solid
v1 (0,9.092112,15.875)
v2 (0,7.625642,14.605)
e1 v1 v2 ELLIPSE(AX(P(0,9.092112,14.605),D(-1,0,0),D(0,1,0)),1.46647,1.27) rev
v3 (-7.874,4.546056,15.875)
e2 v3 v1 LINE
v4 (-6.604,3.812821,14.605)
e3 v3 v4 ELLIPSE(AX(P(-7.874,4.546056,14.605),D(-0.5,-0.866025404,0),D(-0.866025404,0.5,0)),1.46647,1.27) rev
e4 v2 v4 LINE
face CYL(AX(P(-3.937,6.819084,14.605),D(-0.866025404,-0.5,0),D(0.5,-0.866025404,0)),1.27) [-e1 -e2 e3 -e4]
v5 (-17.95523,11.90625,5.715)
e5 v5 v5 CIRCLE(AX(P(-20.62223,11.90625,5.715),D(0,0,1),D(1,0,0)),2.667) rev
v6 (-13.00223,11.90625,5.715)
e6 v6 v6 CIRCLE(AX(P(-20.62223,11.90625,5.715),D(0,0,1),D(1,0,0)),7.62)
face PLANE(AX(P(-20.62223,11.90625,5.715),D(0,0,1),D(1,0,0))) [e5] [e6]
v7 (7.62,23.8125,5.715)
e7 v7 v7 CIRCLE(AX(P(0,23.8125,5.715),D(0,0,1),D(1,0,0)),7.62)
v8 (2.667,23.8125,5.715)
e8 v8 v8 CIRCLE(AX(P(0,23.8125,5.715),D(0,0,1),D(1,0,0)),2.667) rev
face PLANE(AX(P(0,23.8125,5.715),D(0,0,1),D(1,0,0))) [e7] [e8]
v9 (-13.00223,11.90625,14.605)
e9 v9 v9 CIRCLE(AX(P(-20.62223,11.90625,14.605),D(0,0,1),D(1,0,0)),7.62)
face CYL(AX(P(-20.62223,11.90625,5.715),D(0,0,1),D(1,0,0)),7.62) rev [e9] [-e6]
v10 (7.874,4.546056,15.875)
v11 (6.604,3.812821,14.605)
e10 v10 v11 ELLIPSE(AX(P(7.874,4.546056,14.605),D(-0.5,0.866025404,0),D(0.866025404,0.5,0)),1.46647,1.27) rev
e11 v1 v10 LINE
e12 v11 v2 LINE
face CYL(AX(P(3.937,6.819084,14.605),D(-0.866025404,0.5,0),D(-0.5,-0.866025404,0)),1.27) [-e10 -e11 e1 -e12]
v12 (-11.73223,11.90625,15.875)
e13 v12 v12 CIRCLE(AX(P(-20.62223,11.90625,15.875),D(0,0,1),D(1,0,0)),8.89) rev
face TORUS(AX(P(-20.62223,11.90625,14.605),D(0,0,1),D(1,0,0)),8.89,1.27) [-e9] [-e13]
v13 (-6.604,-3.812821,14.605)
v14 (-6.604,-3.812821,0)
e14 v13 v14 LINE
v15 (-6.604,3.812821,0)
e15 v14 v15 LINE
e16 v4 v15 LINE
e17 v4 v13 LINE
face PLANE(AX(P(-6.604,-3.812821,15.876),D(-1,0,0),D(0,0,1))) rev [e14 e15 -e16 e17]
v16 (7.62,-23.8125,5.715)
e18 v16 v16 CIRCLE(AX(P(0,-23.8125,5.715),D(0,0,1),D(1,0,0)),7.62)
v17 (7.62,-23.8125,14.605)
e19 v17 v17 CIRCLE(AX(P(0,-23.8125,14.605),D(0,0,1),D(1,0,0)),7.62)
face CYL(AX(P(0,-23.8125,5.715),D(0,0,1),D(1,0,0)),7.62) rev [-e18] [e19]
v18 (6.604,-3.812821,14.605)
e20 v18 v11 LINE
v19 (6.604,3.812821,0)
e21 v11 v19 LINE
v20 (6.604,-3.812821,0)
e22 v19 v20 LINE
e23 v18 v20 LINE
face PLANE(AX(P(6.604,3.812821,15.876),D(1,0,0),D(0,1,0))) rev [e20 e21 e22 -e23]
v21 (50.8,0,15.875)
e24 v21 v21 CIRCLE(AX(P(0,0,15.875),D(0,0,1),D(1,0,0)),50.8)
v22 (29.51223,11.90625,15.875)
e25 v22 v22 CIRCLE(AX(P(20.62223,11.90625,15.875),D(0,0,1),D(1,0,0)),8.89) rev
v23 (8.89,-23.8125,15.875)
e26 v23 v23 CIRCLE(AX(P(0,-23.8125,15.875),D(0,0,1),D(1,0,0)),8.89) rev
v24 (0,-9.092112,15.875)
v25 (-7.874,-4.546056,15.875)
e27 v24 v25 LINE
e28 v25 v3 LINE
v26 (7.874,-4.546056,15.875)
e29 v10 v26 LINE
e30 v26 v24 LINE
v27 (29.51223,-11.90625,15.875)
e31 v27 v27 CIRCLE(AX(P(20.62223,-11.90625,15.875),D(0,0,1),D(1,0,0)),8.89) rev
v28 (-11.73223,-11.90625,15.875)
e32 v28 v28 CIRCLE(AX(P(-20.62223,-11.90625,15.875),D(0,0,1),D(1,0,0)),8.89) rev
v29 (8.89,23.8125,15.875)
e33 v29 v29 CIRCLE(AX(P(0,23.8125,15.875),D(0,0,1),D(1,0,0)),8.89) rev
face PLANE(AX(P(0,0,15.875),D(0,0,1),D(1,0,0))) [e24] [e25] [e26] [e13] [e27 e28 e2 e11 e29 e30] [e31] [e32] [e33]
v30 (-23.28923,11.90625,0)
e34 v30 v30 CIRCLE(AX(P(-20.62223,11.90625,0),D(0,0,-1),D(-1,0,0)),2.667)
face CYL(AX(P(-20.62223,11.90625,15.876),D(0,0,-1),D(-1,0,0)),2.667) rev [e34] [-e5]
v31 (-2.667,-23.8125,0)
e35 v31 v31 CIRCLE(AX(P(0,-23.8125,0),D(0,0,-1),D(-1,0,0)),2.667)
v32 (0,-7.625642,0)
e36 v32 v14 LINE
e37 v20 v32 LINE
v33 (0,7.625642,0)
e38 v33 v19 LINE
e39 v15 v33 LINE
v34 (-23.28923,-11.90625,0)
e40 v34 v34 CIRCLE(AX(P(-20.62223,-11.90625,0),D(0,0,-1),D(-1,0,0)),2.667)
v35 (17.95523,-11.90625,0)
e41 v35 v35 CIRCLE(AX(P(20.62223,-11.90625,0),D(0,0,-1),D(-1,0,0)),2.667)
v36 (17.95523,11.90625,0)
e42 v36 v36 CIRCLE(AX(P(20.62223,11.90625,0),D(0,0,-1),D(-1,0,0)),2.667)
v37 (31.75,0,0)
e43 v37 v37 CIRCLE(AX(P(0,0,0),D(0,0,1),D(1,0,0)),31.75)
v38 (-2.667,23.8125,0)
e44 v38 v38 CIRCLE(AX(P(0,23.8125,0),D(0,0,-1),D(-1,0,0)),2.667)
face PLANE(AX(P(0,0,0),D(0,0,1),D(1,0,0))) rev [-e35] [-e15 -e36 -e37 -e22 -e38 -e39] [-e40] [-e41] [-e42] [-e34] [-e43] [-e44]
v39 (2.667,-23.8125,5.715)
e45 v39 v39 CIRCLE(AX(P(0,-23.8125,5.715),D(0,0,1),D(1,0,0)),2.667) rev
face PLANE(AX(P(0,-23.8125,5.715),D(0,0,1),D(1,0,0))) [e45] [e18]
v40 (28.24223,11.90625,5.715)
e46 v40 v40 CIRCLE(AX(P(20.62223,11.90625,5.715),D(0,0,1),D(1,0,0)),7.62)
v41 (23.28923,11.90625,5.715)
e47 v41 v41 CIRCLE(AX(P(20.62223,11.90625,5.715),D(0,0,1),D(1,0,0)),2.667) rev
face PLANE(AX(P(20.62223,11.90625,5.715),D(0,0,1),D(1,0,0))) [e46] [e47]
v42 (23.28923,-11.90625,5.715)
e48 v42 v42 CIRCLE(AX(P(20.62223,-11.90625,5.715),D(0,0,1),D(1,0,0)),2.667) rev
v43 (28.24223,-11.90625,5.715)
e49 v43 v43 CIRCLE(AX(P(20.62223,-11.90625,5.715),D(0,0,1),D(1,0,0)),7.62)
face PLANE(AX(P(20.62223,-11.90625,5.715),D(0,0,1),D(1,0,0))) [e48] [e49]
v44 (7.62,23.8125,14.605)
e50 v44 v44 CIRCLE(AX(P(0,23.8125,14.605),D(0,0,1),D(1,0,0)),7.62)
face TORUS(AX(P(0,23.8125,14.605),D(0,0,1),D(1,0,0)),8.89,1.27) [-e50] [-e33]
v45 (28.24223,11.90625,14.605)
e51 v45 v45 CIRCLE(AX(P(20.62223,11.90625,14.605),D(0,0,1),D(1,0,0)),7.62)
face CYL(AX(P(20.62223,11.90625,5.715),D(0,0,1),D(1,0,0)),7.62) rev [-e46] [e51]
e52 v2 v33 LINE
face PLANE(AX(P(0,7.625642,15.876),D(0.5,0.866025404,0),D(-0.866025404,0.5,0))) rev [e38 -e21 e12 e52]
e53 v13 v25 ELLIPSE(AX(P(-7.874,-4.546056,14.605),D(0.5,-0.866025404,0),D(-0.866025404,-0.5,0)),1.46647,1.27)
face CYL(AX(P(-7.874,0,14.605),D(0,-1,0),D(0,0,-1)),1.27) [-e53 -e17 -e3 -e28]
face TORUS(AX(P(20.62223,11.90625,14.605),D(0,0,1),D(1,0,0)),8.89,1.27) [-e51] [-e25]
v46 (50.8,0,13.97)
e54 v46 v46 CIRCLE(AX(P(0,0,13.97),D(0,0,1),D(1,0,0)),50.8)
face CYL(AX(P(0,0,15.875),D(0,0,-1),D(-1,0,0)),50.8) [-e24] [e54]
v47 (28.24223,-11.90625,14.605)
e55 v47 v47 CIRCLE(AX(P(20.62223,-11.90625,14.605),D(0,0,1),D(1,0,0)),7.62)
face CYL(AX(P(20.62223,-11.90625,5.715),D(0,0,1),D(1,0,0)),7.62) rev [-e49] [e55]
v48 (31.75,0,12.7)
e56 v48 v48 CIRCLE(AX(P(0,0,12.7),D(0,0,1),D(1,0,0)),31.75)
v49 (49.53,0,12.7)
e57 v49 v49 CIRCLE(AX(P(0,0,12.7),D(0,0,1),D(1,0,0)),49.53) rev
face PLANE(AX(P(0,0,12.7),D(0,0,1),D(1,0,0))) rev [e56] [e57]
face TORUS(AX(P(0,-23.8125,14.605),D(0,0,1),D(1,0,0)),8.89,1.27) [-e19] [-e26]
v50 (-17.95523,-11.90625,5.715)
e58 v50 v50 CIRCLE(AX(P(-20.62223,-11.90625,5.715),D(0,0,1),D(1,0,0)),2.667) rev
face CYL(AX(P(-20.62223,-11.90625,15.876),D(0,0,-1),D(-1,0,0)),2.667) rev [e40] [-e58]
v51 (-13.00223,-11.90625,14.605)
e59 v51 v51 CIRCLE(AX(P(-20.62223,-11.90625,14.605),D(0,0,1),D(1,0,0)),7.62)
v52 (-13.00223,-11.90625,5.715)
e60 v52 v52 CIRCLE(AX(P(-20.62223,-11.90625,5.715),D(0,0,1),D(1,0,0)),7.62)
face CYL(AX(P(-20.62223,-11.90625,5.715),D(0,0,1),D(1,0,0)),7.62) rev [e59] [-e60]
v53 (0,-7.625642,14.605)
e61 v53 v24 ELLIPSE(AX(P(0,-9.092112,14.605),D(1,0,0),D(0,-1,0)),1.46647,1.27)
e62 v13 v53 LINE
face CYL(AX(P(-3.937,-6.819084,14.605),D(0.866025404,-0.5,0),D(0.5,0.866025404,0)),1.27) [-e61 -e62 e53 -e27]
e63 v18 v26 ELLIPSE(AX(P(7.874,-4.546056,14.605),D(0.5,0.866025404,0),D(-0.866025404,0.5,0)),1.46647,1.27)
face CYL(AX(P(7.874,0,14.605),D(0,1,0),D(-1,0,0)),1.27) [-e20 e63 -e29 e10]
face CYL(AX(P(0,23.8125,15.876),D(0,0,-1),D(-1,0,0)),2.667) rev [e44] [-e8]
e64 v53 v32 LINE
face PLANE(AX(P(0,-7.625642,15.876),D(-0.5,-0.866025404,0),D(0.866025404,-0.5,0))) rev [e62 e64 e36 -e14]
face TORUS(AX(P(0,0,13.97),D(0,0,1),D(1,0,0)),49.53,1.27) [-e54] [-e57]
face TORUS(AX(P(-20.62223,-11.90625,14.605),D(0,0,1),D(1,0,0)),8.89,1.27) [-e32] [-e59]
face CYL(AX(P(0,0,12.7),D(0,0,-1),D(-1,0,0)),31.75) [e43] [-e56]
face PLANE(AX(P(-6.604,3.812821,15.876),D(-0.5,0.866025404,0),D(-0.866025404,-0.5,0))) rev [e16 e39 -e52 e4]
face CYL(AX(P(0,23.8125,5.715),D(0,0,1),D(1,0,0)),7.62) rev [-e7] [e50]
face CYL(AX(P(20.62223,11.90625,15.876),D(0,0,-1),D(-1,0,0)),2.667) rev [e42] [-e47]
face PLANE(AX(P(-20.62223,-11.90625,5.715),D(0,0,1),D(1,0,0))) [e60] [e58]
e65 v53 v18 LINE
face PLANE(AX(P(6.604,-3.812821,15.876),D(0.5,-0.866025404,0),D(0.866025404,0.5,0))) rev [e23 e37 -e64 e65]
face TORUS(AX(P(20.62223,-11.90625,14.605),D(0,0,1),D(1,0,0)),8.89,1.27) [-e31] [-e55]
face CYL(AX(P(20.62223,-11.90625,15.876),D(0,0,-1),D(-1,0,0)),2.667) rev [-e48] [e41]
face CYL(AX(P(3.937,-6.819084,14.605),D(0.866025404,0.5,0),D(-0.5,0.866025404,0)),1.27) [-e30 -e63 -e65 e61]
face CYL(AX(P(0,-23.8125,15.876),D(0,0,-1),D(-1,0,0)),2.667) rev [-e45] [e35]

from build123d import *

# Parameters (mm, degrees)
SKETCH1_R           = 31.75
BOSS_EXTRUDE1_DEPTH = 12.7
SKETCH2_R           = 50.8
BOSS_EXTRUDE2_DEPTH = 3.175
CUT_EXTRUDE_R_REACH = 17.875
SKETCH3_R           = 2.667
SKETCH4_R           = 7.62
CUT_EXTRUDE2_DEPTH  = 10.16
FILLET1_R           = 1.27


with BuildPart() as part:
    # Sketch1 → Boss-Extrude1 (new body)
    with BuildSketch(Plane.XY):
        Circle(SKETCH1_R)
    extrude(amount=BOSS_EXTRUDE1_DEPTH)

    # Sketch2 → Boss-Extrude2 (add)
    with BuildSketch(Plane.XY.offset(12.7)):
        Circle(SKETCH2_R)
    extrude(amount=BOSS_EXTRUDE2_DEPTH)

    # Sketch3 → Cut-Extrude r (cut, up to next)
    with BuildSketch(Plane(origin=(0, 0, 0), x_dir=(-1, 0, 0), z_dir=(0, 0, -1)), mode=Mode.PRIVATE) as cut_extrude_r_sk1:
        with Locations((0, 23.8125)):
            Circle(SKETCH3_R)
    cut_extrude_r_tool1 = extrude(cut_extrude_r_sk1.sketch, amount=-CUT_EXTRUDE_R_REACH, mode=Mode.PRIVATE) & part.part
    add(cut_extrude_r_tool1.solids().sort_by_distance((0, 23.8125, 0))[0], mode=Mode.SUBTRACT)
    # Sketch3 → Cut-Extrude r (cut, up to next)
    with BuildSketch(Plane(origin=(0, 0, 0), x_dir=(-1, 0, 0), z_dir=(0, 0, -1)), mode=Mode.PRIVATE) as cut_extrude_r_sk2:
        with Locations((20.622229928, 11.90625)):
            Circle(SKETCH3_R)
    cut_extrude_r_tool2 = extrude(cut_extrude_r_sk2.sketch, amount=-CUT_EXTRUDE_R_REACH, mode=Mode.PRIVATE) & part.part
    add(cut_extrude_r_tool2.solids().sort_by_distance((-20.62223, 11.90625, 0))[0], mode=Mode.SUBTRACT)
    # Sketch3 → Cut-Extrude r (cut, up to next)
    with BuildSketch(Plane(origin=(0, 0, 0), x_dir=(-1, 0, 0), z_dir=(0, 0, -1)), mode=Mode.PRIVATE) as cut_extrude_r_sk3:
        with Locations((20.622229928, -11.90625)):
            Circle(SKETCH3_R)
    cut_extrude_r_tool3 = extrude(cut_extrude_r_sk3.sketch, amount=-CUT_EXTRUDE_R_REACH, mode=Mode.PRIVATE) & part.part
    add(cut_extrude_r_tool3.solids().sort_by_distance((-20.62223, -11.90625, 0))[0], mode=Mode.SUBTRACT)
    # Sketch3 → Cut-Extrude r (cut, up to next)
    with BuildSketch(Plane(origin=(0, 0, 0), x_dir=(-1, 0, 0), z_dir=(0, 0, -1)), mode=Mode.PRIVATE) as cut_extrude_r_sk4:
        with Locations((0, -23.8125)):
            Circle(SKETCH3_R)
    cut_extrude_r_tool4 = extrude(cut_extrude_r_sk4.sketch, amount=-CUT_EXTRUDE_R_REACH, mode=Mode.PRIVATE) & part.part
    add(cut_extrude_r_tool4.solids().sort_by_distance((0, -23.8125, 0))[0], mode=Mode.SUBTRACT)
    # Sketch3 → Cut-Extrude r (cut, up to next)
    with BuildSketch(Plane(origin=(0, 0, 0), x_dir=(-1, 0, 0), z_dir=(0, 0, -1)), mode=Mode.PRIVATE) as cut_extrude_r_sk5:
        with Locations((-20.622229928, -11.90625)):
            Circle(SKETCH3_R)
    cut_extrude_r_tool5 = extrude(cut_extrude_r_sk5.sketch, amount=-CUT_EXTRUDE_R_REACH, mode=Mode.PRIVATE) & part.part
    add(cut_extrude_r_tool5.solids().sort_by_distance((20.62223, -11.90625, 0))[0], mode=Mode.SUBTRACT)
    # Sketch3 → Cut-Extrude r (cut, up to next)
    with BuildSketch(Plane(origin=(0, 0, 0), x_dir=(-1, 0, 0), z_dir=(0, 0, -1)), mode=Mode.PRIVATE) as cut_extrude_r_sk6:
        with Locations((-20.622229928, 11.90625)):
            Circle(SKETCH3_R)
    cut_extrude_r_tool6 = extrude(cut_extrude_r_sk6.sketch, amount=-CUT_EXTRUDE_R_REACH, mode=Mode.PRIVATE) & part.part
    add(cut_extrude_r_tool6.solids().sort_by_distance((20.62223, 11.90625, 0))[0], mode=Mode.SUBTRACT)
    # Sketch3 → Cut-Extrude r (cut, up to next)
    with BuildSketch(Plane(origin=(0, 0, 0), x_dir=(-1, 0, 0), z_dir=(0, 0, -1)), mode=Mode.PRIVATE) as cut_extrude_r_sk7:
        Polygon((0, 7.625642355), (-6.604, 3.812821178), (-6.604, -3.812821178), (0, -7.625642355), (6.604, -3.812821178), (6.604, 3.812821178), align=None)
    cut_extrude_r_tool7 = extrude(cut_extrude_r_sk7.sketch, amount=-CUT_EXTRUDE_R_REACH, mode=Mode.PRIVATE) & part.part
    add(cut_extrude_r_tool7.solids().sort_by_distance((0, 0, 0))[0], mode=Mode.SUBTRACT)

    # Sketch4 → Cut-Extrude2 (cut)
    with BuildSketch(Plane.XY.offset(15.875)):
        with Locations((-20.622229928, -11.90625)):
            Circle(SKETCH4_R)
        with Locations((-20.622229928, 11.90625)):
            Circle(SKETCH4_R)
        with Locations((0, 23.8125)):
            Circle(SKETCH4_R)
        with Locations((20.622229928, 11.90625)):
            Circle(SKETCH4_R)
        with Locations((20.622229928, -11.90625)):
            Circle(SKETCH4_R)
        with Locations((0, -23.8125)):
            Circle(SKETCH4_R)
    extrude(amount=-CUT_EXTRUDE2_DEPTH, mode=Mode.SUBTRACT)

    # Fillet1
    fillet1_edges = [part.edges().sort_by_distance(p)[0] for p in [
        (-3.302, 5.719231767, 15.875),
        (-6.604, 0, 15.875),
        (-3.302, -5.719231767, 15.875),
        (3.302, -5.719231767, 15.875),
        (6.604, 0, 15.875),
        (3.302, 5.719231767, 15.875),
        (-50.8, 0, 12.7),
        (-28.242229928, 11.90625, 15.875),
        (-7.62, 23.8125, 15.875),
        (13.002229928, 11.90625, 15.875),
        (13.002229928, -11.90625, 15.875),
        (-7.62, -23.8125, 15.875),
        (-28.242229928, -11.90625, 15.875),
    ]]
    fillet(fillet1_edges, radius=FILLET1_R)


solid = part.part
